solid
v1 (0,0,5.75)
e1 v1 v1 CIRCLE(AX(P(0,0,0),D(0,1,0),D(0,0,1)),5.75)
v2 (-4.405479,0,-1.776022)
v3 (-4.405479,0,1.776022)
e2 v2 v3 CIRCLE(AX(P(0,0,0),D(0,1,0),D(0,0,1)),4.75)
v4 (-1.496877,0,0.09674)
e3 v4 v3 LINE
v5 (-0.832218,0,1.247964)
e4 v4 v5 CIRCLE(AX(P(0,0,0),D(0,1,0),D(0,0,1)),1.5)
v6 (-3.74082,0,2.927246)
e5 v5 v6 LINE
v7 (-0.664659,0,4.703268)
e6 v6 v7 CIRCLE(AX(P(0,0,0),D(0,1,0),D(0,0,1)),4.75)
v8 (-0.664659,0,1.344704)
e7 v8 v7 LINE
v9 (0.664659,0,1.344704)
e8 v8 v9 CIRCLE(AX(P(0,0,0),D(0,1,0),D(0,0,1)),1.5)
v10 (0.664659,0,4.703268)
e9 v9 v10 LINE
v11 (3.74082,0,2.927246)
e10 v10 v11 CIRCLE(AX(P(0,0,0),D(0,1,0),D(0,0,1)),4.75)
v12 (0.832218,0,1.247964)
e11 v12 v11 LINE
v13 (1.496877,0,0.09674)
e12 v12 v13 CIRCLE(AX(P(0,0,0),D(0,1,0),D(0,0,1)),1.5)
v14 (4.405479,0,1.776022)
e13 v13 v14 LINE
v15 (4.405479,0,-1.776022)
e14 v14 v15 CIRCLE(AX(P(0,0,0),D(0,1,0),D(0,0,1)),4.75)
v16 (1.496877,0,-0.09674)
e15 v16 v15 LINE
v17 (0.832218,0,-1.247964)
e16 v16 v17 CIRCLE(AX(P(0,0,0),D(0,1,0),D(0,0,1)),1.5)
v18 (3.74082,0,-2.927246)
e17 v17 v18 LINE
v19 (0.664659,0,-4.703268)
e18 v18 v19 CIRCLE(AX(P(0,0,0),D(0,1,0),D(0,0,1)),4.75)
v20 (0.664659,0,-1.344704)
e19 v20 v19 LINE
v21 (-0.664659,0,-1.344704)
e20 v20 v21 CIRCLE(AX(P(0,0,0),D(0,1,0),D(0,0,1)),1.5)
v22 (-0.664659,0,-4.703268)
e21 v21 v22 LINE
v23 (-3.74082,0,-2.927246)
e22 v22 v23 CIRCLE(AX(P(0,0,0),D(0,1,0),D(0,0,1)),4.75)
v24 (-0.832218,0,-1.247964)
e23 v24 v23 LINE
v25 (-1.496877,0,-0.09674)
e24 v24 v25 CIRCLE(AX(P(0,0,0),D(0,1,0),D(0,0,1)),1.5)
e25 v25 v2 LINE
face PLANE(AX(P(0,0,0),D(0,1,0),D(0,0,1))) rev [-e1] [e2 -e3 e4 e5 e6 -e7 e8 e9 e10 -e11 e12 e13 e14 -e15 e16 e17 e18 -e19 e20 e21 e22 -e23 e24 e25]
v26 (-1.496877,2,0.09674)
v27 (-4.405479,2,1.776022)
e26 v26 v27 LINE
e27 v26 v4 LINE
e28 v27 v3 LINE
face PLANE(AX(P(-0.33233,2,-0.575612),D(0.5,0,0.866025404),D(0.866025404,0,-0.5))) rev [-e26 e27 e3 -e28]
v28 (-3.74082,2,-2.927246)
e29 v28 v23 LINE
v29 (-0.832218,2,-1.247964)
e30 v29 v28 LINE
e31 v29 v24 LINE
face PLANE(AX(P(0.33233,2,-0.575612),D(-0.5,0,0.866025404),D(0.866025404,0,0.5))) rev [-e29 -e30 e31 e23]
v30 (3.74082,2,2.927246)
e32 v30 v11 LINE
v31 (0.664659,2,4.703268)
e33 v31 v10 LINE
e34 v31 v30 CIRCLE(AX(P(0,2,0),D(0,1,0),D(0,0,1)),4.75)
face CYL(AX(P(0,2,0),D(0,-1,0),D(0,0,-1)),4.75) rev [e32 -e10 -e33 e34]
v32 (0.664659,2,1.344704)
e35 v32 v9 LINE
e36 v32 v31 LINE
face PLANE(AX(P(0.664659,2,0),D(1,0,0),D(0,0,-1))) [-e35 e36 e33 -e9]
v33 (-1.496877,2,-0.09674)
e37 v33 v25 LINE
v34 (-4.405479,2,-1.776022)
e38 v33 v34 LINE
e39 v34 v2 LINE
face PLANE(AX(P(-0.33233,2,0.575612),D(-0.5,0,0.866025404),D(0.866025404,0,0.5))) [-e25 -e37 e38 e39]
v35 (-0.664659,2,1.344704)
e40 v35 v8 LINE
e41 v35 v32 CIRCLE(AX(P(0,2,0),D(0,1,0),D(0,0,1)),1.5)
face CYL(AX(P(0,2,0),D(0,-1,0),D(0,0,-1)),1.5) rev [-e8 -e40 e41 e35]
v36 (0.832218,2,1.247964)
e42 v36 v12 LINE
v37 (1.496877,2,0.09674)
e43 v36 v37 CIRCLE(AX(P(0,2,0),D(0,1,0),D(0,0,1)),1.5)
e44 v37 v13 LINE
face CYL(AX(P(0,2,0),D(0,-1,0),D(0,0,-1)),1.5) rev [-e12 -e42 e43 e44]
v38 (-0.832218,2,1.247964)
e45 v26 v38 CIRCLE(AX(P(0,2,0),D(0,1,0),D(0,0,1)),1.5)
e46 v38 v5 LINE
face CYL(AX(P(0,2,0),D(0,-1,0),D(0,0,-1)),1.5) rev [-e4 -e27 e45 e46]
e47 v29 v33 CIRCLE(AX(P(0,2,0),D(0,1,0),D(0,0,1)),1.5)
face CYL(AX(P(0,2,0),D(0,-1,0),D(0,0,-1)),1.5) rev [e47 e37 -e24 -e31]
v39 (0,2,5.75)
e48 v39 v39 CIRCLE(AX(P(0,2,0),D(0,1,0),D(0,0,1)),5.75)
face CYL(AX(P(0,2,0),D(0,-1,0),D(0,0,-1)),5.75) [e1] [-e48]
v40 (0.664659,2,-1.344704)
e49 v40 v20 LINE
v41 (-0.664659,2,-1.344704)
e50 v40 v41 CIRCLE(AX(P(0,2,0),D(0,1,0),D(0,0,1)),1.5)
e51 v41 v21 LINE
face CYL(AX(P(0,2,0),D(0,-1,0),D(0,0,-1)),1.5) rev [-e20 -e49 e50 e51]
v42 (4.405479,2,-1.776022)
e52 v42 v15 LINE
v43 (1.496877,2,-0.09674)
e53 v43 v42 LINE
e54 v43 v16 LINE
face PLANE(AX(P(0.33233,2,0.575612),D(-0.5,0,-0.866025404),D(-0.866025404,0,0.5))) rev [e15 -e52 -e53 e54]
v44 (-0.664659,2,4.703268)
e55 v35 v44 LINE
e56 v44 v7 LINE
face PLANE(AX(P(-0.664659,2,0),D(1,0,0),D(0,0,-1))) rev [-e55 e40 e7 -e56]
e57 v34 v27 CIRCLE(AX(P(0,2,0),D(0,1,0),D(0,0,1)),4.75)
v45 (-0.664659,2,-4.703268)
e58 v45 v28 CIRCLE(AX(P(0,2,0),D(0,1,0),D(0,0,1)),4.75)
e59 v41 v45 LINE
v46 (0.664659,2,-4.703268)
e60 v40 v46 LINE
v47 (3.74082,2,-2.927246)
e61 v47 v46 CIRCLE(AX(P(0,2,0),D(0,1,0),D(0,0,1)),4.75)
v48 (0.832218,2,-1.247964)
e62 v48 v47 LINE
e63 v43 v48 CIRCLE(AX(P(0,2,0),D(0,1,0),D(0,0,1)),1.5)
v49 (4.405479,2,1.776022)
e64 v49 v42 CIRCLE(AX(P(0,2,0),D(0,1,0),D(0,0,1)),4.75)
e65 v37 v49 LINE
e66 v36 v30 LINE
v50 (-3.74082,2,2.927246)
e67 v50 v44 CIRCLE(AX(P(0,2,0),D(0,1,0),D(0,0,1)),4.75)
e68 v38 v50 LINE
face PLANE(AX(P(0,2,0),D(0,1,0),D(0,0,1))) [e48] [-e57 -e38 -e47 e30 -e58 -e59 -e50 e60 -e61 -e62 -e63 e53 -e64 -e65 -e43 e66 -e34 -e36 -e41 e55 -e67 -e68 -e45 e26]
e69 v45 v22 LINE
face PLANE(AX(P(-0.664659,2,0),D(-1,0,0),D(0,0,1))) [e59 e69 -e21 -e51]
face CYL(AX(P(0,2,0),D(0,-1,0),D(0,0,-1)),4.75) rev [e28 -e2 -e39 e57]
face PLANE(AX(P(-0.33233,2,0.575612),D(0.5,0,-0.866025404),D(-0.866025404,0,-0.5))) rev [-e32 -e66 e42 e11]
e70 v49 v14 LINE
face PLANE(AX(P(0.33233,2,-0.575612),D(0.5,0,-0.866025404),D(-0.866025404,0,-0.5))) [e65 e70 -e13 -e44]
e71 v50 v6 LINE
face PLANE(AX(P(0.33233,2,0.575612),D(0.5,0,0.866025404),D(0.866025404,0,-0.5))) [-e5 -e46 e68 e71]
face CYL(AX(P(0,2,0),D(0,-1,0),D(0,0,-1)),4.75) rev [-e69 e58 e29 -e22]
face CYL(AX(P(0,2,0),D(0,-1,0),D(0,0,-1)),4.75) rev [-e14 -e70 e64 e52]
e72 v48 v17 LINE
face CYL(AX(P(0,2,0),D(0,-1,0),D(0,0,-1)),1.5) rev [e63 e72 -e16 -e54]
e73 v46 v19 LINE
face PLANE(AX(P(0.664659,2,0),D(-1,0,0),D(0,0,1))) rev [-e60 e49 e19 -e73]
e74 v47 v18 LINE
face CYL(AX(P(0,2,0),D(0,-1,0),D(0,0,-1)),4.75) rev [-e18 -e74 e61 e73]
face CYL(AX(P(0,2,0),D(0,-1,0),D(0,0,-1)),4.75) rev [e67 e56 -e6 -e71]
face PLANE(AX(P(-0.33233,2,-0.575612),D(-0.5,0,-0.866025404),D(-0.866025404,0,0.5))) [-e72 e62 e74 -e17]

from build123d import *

# Parameters (mm, degrees)
SKETCH1_R           = 5.75
BOSS_EXTRUDE1_DEPTH = 2


with BuildPart() as part:
    # Sketch1 → Boss-Extrude1 (new body)
    with BuildSketch(Plane(origin=(0, 0, 0), x_dir=(1, 0, 0), z_dir=(0, 1, 0))):
        with Locations(Location((0, 0, 0), (0, 0, 270))):
            Circle(SKETCH1_R)
        with BuildLine():
            ThreePointArc((1.496877193, -0.096740213), (1.299038106, -0.75), (0.832218079, -1.247963569))
            Line((0.832218079, -1.247963569), (3.740819863, -2.927245592))
            ThreePointArc((3.740819863, -2.927245592), (2.375, -4.113620668), (0.664659115, -4.703267828))
            Line((0.664659115, -4.703267828), (0.664659115, -1.344703782))
            ThreePointArc((0.664659115, -1.344703782), (0, -1.5), (-0.664659115, -1.344703782))
            Line((-0.664659115, -1.344703782), (-0.664659115, -4.703267828))
            ThreePointArc((-0.664659115, -4.703267828), (-2.375, -4.113620668), (-3.740819863, -2.927245592))
            Line((-3.740819863, -2.927245592), (-0.832218079, -1.247963569))
            ThreePointArc((-0.832218079, -1.247963569), (-1.299038106, -0.75), (-1.496877193, -0.096740213))
            Line((-1.496877193, -0.096740213), (-4.405478977, -1.776022236))
            ThreePointArc((-4.405478977, -1.776022236), (-4.75, 0), (-4.405478977, 1.776022236))
            Line((-4.405478977, 1.776022236), (-1.496877193, 0.096740213))
            ThreePointArc((-1.496877193, 0.096740213), (-1.299038106, 0.75), (-0.832218079, 1.247963569))
            Line((-0.832218079, 1.247963569), (-3.740819863, 2.927245592))
            ThreePointArc((-3.740819863, 2.927245592), (-2.375, 4.113620668), (-0.664659115, 4.703267828))
            Line((-0.664659115, 4.703267828), (-0.664659115, 1.344703782))
            ThreePointArc((-0.664659115, 1.344703782), (0, 1.5), (0.664659115, 1.344703782))
            Line((0.664659115, 1.344703782), (0.664659115, 4.703267828))
            ThreePointArc((0.664659115, 4.703267828), (2.375, 4.113620668), (3.740819863, 2.927245592))
            Line((3.740819863, 2.927245592), (0.832218079, 1.247963569))
            ThreePointArc((0.832218079, 1.247963569), (1.299038106, 0.75), (1.496877193, 0.096740213))
            Line((1.496877193, 0.096740213), (4.405478977, 1.776022236))
            ThreePointArc((4.405478977, 1.776022236), (4.75, 0), (4.405478977, -1.776022236))
            Line((4.405478977, -1.776022236), (1.496877193, -0.096740213))
        make_face(mode=Mode.SUBTRACT)
    extrude(amount=BOSS_EXTRUDE1_DEPTH)


solid = part.part
